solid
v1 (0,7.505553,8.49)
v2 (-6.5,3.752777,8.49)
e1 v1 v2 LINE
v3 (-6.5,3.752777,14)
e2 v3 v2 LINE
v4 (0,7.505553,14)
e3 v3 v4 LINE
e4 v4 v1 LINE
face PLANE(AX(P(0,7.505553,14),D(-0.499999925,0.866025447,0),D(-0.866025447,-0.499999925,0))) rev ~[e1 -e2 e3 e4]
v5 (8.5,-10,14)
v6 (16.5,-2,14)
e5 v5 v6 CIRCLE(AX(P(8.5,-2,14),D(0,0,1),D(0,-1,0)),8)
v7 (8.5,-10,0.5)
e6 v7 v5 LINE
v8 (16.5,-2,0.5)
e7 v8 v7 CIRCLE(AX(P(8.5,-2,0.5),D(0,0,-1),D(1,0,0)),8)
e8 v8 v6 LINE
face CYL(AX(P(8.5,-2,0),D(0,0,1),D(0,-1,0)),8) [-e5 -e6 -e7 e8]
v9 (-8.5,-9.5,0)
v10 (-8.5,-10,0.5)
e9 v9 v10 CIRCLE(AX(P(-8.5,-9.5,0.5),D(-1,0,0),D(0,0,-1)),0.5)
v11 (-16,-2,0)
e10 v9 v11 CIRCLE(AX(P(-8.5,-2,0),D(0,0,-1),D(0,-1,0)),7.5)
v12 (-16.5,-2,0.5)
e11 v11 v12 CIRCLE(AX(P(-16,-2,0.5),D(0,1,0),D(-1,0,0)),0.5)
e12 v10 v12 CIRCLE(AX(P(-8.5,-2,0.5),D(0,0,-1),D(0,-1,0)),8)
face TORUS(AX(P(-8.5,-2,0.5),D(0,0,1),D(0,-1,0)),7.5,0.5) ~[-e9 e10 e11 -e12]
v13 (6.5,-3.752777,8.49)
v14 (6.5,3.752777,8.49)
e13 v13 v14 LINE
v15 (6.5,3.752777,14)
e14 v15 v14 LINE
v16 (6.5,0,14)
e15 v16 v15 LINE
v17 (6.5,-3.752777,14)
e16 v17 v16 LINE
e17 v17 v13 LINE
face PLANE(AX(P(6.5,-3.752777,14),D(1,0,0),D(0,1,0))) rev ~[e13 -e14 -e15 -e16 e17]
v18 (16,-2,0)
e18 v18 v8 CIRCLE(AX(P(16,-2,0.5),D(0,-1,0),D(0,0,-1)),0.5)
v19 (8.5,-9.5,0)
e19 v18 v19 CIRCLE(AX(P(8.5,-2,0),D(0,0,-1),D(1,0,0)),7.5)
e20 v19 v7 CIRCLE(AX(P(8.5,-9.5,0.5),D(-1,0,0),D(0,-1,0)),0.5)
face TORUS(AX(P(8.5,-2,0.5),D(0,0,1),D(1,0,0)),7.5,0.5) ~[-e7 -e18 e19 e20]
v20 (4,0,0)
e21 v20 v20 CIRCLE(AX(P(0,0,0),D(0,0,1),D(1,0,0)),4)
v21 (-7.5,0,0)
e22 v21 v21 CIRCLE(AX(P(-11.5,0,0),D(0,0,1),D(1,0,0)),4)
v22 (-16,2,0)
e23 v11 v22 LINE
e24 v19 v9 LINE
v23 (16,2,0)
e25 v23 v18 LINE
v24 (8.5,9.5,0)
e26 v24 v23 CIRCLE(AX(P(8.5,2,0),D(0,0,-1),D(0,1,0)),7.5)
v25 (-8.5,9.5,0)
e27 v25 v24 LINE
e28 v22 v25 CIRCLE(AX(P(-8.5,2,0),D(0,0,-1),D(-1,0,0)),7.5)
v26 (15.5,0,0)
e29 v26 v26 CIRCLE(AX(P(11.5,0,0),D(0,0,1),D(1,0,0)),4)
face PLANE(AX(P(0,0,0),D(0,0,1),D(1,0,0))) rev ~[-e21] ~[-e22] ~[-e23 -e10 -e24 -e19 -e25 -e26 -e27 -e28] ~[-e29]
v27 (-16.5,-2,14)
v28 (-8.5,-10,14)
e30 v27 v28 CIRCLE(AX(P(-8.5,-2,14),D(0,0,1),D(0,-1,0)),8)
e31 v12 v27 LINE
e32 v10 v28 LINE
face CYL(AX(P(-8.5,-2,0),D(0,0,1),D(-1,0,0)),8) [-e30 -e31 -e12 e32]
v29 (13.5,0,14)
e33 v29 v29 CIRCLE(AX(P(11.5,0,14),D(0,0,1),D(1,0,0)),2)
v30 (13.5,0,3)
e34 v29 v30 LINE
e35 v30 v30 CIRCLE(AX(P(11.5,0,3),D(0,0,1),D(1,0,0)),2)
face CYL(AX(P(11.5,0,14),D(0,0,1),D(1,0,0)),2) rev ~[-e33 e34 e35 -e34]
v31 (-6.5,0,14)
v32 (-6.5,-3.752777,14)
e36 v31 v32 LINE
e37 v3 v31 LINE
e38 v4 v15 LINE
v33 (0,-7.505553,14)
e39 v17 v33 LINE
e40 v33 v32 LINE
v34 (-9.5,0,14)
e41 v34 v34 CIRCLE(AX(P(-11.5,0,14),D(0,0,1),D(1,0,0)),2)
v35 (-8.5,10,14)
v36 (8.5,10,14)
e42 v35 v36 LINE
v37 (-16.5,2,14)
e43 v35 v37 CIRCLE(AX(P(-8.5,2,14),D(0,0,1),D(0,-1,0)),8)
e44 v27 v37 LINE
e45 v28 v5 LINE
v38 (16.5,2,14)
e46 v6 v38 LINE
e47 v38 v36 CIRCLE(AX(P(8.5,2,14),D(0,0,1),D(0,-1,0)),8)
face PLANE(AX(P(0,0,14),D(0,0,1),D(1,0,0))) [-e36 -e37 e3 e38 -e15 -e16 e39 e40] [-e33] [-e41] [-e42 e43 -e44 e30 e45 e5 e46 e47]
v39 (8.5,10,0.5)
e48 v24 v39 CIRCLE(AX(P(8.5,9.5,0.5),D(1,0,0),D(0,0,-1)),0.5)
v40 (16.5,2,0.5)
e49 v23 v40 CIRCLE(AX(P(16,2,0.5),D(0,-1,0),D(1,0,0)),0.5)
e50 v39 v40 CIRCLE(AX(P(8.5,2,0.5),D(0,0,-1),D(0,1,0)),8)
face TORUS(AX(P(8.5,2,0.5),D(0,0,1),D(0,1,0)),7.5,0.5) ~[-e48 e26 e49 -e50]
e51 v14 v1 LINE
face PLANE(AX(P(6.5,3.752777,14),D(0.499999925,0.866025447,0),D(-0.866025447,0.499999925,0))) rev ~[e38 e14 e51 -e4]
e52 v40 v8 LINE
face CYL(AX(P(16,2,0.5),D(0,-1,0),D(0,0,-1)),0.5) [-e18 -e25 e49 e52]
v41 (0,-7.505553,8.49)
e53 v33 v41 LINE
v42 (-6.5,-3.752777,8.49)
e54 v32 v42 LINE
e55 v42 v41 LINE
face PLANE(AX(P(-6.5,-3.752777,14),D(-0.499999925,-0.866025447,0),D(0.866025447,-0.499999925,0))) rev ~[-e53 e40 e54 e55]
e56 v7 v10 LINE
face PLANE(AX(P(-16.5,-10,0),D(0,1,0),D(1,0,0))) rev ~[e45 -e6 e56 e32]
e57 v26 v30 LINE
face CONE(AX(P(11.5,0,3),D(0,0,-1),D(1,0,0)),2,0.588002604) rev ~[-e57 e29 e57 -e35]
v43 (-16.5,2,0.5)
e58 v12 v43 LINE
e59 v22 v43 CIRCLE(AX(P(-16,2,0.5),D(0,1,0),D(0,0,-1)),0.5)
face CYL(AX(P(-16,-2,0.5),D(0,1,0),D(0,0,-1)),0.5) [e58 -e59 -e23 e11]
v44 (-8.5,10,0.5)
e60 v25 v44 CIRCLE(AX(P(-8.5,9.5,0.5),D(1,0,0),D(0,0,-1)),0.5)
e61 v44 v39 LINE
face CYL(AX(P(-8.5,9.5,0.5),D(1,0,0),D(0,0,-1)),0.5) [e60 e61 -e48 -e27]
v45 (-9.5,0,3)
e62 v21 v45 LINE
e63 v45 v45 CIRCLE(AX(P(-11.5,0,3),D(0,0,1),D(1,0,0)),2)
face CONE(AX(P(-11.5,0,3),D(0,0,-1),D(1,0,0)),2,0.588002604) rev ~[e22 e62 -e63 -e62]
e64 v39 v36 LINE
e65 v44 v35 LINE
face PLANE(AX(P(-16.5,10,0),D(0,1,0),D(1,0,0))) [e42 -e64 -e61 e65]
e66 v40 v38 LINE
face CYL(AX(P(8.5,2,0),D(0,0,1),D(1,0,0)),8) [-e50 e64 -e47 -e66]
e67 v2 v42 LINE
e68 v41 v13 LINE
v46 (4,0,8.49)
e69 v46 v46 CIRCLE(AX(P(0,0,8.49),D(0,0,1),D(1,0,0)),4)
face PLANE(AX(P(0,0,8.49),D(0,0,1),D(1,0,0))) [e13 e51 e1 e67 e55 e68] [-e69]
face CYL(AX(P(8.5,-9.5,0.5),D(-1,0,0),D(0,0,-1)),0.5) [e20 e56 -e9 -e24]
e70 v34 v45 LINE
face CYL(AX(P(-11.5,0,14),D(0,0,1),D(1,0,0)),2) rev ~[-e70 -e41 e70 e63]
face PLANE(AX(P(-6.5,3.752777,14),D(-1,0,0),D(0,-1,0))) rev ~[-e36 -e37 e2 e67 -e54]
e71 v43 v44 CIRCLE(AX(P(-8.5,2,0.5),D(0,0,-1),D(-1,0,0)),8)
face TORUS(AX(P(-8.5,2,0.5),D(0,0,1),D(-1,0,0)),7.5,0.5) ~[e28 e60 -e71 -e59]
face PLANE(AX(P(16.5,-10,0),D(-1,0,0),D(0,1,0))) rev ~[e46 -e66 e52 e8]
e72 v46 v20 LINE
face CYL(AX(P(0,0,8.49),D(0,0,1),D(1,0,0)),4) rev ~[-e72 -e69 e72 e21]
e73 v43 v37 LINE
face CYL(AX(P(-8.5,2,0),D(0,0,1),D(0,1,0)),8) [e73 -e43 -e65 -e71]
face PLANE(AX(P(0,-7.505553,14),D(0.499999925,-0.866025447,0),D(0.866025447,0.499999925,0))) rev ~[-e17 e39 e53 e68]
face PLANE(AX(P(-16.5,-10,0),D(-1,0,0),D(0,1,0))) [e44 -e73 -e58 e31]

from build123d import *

# Parameters (mm, degrees)
SKETCH_W         = 33
SKETCH_H         = 20
PAD_DEPTH        = 14
FILLET_R         = 8
FILLET001_R      = 8
FILLET002_R      = 8
FILLET003_R      = 8
POCKET_DEPTH     = 5.51
SKETCH002_R      = 4
POCKET001_DEPTH  = 8.491
SKETCH003_R      = 2
POCKET002_DEPTH  = 14.001
CHAMFER_SIZE2    = 3
CHAMFER_SIZE     = 2
CHAMFER001_SIZE2 = 3
CHAMFER001_SIZE  = 2
FILLET004_R      = 0.5
SKETCH004_R      = 6.5
POCKET003_DEPTH  = 0.01


with BuildPart() as part:
    # Sketch → Pad (new body)
    with BuildSketch(Plane.XY):
        Rectangle(SKETCH_W, SKETCH_H)
    extrude(amount=PAD_DEPTH)

    # Fillet
    fillet_edges = [part.edges().sort_by_distance(p)[0] for p in [
        (-16.5, -10, 7),
    ]]
    fillet(fillet_edges, radius=FILLET_R)

    # Fillet001
    fillet001_edges = [part.edges().sort_by_distance(p)[0] for p in [
        (16.5, -10, 7),
    ]]
    fillet(fillet001_edges, radius=FILLET001_R)

    # Fillet002
    fillet002_edges = [part.edges().sort_by_distance(p)[0] for p in [
        (16.5, 10, 7),
    ]]
    fillet(fillet002_edges, radius=FILLET002_R)

    # Fillet003
    fillet003_edges = [part.edges().sort_by_distance(p)[0] for p in [
        (-16.5, 10, 7),
    ]]
    fillet(fillet003_edges, radius=FILLET003_R)

    # Sketch001 (on Face10 of Fillet003) → Pocket (cut)
    with BuildSketch(Plane.XY.offset(14)):
        Polygon((-6.5, 3.752777), (-6.5, -3.752777), (0, -7.505553), (6.5, -3.752777), (6.5, 3.752777), (0, 7.505553), align=None)
    extrude(amount=-POCKET_DEPTH, mode=Mode.SUBTRACT)

    # Sketch002 (on Face17 of Pocket) → Pocket001 (cut, through all)
    with BuildSketch(Plane.XY.offset(8.49)):
        Circle(SKETCH002_R)
    extrude(amount=-POCKET001_DEPTH, mode=Mode.SUBTRACT)

    # Sketch003 (on Face11 of Pocket001) → Pocket002 (cut, through all)
    with BuildSketch(Plane.XY.offset(14)):
        with Locations((-11.5, 0)):
            Circle(SKETCH003_R)
        with Locations((11.5, 0)):
            Circle(SKETCH003_R)
    extrude(amount=-POCKET002_DEPTH, mode=Mode.SUBTRACT)

    # Chamfer
    chamfer_edges = [part.edges().sort_by_distance(p)[0] for p in [
        (9.5, 0, 0),
    ]]
    chamfer_side = part.faces().sort_by_distance((0, 9.614124, 0))[0]
    chamfer(chamfer_edges, length=CHAMFER_SIZE, length2=CHAMFER_SIZE2, reference=chamfer_side)

    # Chamfer001
    chamfer001_edges = [part.edges().sort_by_distance(p)[0] for p in [
        (-13.5, 0, 0),
    ]]
    chamfer001_side = part.faces().sort_by_distance((7.114124, 0, 0))[0]
    chamfer(chamfer001_edges, length=CHAMFER001_SIZE, length2=CHAMFER001_SIZE2, reference=chamfer001_side)

    # Fillet004
    fillet004_edges = [part.edges().sort_by_distance(p)[0] for p in [
        (0, 10, 0),
        (-16.5, 0, 0),
        (0, -10, 0),
        (16.5, 0, 0),
    ]]
    fillet(fillet004_edges, radius=FILLET004_R)

    # Sketch004 (on Face24 of Fillet004) → Pocket003 (cut)
    with BuildSketch(Plane.XY.offset(14)):
        Circle(SKETCH004_R)
    extrude(amount=-POCKET003_DEPTH, mode=Mode.SUBTRACT)


solid = part.part
